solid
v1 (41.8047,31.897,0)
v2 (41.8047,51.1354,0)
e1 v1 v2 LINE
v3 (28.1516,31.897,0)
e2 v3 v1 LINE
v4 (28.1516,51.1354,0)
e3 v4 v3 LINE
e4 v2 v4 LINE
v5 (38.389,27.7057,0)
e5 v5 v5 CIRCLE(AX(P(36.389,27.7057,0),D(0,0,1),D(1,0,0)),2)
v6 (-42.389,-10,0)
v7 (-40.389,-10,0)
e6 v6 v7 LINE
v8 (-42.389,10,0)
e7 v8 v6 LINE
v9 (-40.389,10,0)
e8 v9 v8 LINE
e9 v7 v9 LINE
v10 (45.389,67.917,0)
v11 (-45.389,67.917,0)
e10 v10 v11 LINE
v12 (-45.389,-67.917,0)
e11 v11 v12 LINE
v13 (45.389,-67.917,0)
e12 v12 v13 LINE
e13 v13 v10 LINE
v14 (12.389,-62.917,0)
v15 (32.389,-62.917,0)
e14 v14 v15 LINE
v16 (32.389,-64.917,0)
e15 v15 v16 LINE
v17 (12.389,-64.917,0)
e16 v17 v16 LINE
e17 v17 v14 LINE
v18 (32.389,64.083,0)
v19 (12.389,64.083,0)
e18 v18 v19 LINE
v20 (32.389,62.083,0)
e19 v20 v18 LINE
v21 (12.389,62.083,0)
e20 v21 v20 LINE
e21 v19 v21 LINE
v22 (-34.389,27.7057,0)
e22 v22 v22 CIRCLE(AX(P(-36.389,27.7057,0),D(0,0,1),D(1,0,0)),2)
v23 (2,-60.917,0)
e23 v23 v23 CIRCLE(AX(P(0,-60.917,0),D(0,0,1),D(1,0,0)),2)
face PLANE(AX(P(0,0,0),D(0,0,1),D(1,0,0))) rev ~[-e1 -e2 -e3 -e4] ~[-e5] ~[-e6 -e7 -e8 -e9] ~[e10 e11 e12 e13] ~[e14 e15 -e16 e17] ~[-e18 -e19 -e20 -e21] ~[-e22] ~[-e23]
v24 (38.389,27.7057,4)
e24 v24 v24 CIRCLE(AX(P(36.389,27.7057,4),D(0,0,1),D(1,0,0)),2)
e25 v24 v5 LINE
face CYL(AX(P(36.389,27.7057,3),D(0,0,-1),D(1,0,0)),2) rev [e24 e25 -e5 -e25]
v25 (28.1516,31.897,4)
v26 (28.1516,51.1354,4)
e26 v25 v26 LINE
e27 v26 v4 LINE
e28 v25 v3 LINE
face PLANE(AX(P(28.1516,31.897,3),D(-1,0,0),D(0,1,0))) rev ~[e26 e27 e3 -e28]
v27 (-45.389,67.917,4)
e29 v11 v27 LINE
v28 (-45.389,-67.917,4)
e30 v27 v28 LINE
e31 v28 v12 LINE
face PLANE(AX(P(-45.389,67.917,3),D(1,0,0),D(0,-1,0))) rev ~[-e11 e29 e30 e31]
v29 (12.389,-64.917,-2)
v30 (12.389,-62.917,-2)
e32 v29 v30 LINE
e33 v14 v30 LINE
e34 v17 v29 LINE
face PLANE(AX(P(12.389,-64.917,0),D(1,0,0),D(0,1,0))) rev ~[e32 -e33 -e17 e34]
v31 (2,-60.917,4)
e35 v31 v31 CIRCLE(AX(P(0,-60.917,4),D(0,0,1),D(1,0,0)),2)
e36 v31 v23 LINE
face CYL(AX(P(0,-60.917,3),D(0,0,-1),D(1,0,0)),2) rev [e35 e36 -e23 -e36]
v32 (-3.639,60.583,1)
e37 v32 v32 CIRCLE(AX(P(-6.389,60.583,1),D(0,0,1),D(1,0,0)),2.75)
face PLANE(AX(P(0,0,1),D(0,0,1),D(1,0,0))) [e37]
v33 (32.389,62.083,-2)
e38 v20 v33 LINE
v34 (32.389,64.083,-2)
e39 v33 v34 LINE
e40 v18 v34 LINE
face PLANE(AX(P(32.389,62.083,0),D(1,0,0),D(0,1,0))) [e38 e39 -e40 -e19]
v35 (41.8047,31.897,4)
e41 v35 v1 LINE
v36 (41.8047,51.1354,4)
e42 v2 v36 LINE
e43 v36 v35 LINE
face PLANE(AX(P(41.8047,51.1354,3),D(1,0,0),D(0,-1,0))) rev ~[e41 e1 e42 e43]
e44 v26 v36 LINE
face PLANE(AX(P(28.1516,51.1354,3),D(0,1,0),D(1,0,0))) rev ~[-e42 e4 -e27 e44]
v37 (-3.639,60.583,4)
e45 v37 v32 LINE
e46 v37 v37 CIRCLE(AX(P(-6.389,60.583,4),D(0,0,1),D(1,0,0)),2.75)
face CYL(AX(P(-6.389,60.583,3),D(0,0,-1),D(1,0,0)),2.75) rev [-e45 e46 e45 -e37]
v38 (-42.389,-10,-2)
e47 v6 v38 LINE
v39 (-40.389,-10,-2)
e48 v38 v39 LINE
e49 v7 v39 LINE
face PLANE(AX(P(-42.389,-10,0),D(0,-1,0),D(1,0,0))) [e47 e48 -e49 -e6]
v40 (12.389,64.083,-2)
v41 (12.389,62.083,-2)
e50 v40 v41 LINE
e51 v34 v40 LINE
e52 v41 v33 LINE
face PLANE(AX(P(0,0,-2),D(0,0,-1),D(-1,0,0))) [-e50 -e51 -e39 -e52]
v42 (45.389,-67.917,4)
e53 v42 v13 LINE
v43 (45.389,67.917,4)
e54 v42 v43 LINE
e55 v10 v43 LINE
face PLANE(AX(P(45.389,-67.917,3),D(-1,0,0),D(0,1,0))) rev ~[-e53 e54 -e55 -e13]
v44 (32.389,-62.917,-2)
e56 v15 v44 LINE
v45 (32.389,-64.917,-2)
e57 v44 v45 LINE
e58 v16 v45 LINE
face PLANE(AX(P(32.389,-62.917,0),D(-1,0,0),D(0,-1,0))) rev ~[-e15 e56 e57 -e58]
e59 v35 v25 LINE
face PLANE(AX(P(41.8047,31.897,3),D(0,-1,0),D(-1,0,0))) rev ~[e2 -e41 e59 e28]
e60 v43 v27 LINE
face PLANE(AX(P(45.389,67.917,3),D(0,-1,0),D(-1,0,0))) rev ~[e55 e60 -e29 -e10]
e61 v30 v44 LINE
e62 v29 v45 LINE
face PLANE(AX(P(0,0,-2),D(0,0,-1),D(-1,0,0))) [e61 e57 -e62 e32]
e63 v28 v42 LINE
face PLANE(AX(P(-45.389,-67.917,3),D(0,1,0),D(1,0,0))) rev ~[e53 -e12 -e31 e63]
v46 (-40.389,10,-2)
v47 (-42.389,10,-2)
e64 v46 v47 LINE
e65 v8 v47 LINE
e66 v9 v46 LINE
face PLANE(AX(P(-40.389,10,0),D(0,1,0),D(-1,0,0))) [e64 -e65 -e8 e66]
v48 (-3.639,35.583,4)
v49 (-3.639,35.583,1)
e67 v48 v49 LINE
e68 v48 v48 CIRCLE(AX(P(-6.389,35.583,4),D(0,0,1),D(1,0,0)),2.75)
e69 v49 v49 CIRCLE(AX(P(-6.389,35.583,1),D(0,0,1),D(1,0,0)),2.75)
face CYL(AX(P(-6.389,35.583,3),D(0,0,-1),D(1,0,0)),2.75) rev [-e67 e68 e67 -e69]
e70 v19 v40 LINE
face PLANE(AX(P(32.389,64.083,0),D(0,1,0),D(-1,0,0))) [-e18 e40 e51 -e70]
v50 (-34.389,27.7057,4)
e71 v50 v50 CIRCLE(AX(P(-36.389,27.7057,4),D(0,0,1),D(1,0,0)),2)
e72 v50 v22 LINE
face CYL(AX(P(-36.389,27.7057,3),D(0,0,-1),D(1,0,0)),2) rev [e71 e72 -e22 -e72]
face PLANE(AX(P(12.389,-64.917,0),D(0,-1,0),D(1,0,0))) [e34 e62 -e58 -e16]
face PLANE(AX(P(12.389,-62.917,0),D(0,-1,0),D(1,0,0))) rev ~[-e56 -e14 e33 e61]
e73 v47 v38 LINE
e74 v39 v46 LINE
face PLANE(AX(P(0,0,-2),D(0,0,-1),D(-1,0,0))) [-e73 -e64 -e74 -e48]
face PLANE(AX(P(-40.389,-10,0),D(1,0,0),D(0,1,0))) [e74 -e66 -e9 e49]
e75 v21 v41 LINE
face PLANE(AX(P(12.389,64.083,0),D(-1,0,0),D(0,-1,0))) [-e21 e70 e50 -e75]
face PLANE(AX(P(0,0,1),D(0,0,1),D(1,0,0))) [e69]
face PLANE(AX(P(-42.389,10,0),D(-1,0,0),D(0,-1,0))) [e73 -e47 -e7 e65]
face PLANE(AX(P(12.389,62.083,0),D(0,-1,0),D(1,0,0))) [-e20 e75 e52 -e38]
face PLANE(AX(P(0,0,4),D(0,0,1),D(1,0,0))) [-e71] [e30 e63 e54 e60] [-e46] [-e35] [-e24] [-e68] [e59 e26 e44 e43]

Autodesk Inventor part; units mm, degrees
ref_plane "YZ Plane" through (0, 0, 0) normal (1, 0, 0) x (0, 1, 0)
ref_plane "XZ Plane" through (0, 0, 0) normal (0, 1, 0) x (-1, 0, 0)
ref_plane "XY Plane" through (0, 0, 0) normal (0, 0, 1) x (1, 0, 0)
ref_plane "РабПлоскость1" through (0, 0, 0) normal (0, 0, 1) x (1, 0, 0)
sketch "Эскиз1" plane through (0, 0, 0) normal (0, 0, 1) x (1, 0, 0)
  line L0 (45.389, -67.917) -> (45.389, 67.917)
  line L1 (45.389, 67.917) -> (-45.389, 67.917)
  line L2 (-45.389, -67.917) -> (45.389, -67.917)
  line L3 (-45.389, 67.917) -> (-45.389, -67.917)
  line L4 (41.8047, 51.1354) -> (28.1516, 51.1354)
  line L5 (28.1516, 51.1354) -> (28.1516, 31.897)
  line L6 (28.1516, 31.897) -> (41.8047, 31.897)
  line L7 (41.8047, 31.897) -> (41.8047, 51.1354)
  circle A0 centre (36.389, 27.7057) radius 2.75
  circle A1 centre (0, -60.917) radius 2.75
  circle A2 centre (-36.389, 27.7057) radius 2.75
  circle A3 centre (36.389, 27.7057) radius 2
  circle A4 centre (0, -60.917) radius 2
  circle A5 centre (-36.389, 27.7057) radius 2
  point P0 (0, 0)
extrude "Выдавливание1" add sketch "Эскиз1" along normal blind 3 contours L2 L3 L1 L0 | A0 | A1 | A2
sketch "Эскиз2" plane through (0, 0, 0) normal (0, 0, -1) x (-1, 0, 0)
  line L0 (42.389, -64.917) -> (-42.389, -64.917) projected
  line L1 (-42.389, -64.917) -> (-42.389, 54.5577) projected
  line L2 (-42.611, 64.083) -> (10.389, 64.083) projected
  line L3 (42.389, 64.917) -> (42.389, -64.917) projected
  line L4 (-32.389, -64.917) -> (-12.389, -64.917)
  line L5 (-12.389, -64.917) -> (-12.389, -62.917)
  line L6 (-12.389, -62.917) -> (-32.389, -62.917)
  line L7 (-32.389, -62.917) -> (-32.389, -64.917)
  line L8 (-32.389, 64.083) -> (-12.389, 64.083)
  line L9 (-12.389, 64.083) -> (-12.389, 62.083)
  line L10 (-12.389, 62.083) -> (-32.389, 62.083)
  line L11 (-32.389, 62.083) -> (-32.389, 64.083)
  line L12 (-32.389, 62.083) -> (-12.389, 62.083)
  line L13 (-12.389, 62.083) -> (-12.389, 60.083)
  line L14 (-12.389, 60.083) -> (-32.389, 60.083)
  line L15 (-32.389, 60.083) -> (-32.389, 62.083)
  line L16 (42.389, -10) -> (40.389, -10)
  line L17 (40.389, -10) -> (40.389, 10)
  line L18 (40.389, 10) -> (42.389, 10)
  line L19 (42.389, 10) -> (42.389, -10)
  point P0 (0, 0)
  point P1 (-12.389, 64.083)
  dimension "d5" = 20
  dimension "d6" = 10
  dimension "d7" = 2
  dimension "d8" = 2
  dimension "d9" = 2
  dimension "d10" = 2
  dimension "d11" = 20
  dimension "d12" = 10
extrude "Выдавливание2" add sketch "Эскиз2" along normal blind 2 contours L0 L7 L6 L5 | L16 L17 L18 L3 | L2 L9 L10 L11
sketch "Эскиз3" plane through (0, 0, 3) normal (0, 0, 1) x (1, 0, 0)
  circle A0 centre (-6.389, 60.583) radius 2.75 projected
  circle A1 centre (-6.389, 35.583) radius 2.75 projected
  point P0 (0, 0)
extrude "Выдавливание3" cut sketch "Эскиз3" against normal blind 2
sketch "Эскиз4" plane through (0, 0, 3) normal (0, 0, 1) x (1, 0, 0)
  line L0 (-33.889, -18.417) -> (41.111, -18.417) projected
  circle A0 centre (-6.389, 35.583) radius 2.75 projected
  circle A1 centre (-6.389, 60.583) radius 2.75 projected
  line L1 (45.389, 67.917) -> (-45.389, 67.917) projected
  line L2 (-45.389, 67.917) -> (-45.389, -67.917) projected
  line L3 (-45.389, -67.917) -> (45.389, -67.917) projected
  line L4 (45.389, -67.917) -> (45.389, 67.917) projected
  circle A2 centre (36.389, 27.7057) radius 2 projected
  circle A3 centre (0, -60.917) radius 2 projected
  circle A4 centre (-36.389, 27.7057) radius 2 projected
  line L5 (41.8047, 51.1354) -> (41.8047, 31.897) projected
  line L6 (41.8047, 31.897) -> (28.1516, 31.897) projected
  line L7 (28.1516, 31.897) -> (28.1516, 51.1354) projected
  line L8 (28.1516, 51.1354) -> (41.8047, 51.1354) projected
  point P0 (0, 0)
extrude "Выдавливание4" add sketch "Эскиз4" along normal blind 1
equation "\"d9\" = d8"
properties part number "top"
